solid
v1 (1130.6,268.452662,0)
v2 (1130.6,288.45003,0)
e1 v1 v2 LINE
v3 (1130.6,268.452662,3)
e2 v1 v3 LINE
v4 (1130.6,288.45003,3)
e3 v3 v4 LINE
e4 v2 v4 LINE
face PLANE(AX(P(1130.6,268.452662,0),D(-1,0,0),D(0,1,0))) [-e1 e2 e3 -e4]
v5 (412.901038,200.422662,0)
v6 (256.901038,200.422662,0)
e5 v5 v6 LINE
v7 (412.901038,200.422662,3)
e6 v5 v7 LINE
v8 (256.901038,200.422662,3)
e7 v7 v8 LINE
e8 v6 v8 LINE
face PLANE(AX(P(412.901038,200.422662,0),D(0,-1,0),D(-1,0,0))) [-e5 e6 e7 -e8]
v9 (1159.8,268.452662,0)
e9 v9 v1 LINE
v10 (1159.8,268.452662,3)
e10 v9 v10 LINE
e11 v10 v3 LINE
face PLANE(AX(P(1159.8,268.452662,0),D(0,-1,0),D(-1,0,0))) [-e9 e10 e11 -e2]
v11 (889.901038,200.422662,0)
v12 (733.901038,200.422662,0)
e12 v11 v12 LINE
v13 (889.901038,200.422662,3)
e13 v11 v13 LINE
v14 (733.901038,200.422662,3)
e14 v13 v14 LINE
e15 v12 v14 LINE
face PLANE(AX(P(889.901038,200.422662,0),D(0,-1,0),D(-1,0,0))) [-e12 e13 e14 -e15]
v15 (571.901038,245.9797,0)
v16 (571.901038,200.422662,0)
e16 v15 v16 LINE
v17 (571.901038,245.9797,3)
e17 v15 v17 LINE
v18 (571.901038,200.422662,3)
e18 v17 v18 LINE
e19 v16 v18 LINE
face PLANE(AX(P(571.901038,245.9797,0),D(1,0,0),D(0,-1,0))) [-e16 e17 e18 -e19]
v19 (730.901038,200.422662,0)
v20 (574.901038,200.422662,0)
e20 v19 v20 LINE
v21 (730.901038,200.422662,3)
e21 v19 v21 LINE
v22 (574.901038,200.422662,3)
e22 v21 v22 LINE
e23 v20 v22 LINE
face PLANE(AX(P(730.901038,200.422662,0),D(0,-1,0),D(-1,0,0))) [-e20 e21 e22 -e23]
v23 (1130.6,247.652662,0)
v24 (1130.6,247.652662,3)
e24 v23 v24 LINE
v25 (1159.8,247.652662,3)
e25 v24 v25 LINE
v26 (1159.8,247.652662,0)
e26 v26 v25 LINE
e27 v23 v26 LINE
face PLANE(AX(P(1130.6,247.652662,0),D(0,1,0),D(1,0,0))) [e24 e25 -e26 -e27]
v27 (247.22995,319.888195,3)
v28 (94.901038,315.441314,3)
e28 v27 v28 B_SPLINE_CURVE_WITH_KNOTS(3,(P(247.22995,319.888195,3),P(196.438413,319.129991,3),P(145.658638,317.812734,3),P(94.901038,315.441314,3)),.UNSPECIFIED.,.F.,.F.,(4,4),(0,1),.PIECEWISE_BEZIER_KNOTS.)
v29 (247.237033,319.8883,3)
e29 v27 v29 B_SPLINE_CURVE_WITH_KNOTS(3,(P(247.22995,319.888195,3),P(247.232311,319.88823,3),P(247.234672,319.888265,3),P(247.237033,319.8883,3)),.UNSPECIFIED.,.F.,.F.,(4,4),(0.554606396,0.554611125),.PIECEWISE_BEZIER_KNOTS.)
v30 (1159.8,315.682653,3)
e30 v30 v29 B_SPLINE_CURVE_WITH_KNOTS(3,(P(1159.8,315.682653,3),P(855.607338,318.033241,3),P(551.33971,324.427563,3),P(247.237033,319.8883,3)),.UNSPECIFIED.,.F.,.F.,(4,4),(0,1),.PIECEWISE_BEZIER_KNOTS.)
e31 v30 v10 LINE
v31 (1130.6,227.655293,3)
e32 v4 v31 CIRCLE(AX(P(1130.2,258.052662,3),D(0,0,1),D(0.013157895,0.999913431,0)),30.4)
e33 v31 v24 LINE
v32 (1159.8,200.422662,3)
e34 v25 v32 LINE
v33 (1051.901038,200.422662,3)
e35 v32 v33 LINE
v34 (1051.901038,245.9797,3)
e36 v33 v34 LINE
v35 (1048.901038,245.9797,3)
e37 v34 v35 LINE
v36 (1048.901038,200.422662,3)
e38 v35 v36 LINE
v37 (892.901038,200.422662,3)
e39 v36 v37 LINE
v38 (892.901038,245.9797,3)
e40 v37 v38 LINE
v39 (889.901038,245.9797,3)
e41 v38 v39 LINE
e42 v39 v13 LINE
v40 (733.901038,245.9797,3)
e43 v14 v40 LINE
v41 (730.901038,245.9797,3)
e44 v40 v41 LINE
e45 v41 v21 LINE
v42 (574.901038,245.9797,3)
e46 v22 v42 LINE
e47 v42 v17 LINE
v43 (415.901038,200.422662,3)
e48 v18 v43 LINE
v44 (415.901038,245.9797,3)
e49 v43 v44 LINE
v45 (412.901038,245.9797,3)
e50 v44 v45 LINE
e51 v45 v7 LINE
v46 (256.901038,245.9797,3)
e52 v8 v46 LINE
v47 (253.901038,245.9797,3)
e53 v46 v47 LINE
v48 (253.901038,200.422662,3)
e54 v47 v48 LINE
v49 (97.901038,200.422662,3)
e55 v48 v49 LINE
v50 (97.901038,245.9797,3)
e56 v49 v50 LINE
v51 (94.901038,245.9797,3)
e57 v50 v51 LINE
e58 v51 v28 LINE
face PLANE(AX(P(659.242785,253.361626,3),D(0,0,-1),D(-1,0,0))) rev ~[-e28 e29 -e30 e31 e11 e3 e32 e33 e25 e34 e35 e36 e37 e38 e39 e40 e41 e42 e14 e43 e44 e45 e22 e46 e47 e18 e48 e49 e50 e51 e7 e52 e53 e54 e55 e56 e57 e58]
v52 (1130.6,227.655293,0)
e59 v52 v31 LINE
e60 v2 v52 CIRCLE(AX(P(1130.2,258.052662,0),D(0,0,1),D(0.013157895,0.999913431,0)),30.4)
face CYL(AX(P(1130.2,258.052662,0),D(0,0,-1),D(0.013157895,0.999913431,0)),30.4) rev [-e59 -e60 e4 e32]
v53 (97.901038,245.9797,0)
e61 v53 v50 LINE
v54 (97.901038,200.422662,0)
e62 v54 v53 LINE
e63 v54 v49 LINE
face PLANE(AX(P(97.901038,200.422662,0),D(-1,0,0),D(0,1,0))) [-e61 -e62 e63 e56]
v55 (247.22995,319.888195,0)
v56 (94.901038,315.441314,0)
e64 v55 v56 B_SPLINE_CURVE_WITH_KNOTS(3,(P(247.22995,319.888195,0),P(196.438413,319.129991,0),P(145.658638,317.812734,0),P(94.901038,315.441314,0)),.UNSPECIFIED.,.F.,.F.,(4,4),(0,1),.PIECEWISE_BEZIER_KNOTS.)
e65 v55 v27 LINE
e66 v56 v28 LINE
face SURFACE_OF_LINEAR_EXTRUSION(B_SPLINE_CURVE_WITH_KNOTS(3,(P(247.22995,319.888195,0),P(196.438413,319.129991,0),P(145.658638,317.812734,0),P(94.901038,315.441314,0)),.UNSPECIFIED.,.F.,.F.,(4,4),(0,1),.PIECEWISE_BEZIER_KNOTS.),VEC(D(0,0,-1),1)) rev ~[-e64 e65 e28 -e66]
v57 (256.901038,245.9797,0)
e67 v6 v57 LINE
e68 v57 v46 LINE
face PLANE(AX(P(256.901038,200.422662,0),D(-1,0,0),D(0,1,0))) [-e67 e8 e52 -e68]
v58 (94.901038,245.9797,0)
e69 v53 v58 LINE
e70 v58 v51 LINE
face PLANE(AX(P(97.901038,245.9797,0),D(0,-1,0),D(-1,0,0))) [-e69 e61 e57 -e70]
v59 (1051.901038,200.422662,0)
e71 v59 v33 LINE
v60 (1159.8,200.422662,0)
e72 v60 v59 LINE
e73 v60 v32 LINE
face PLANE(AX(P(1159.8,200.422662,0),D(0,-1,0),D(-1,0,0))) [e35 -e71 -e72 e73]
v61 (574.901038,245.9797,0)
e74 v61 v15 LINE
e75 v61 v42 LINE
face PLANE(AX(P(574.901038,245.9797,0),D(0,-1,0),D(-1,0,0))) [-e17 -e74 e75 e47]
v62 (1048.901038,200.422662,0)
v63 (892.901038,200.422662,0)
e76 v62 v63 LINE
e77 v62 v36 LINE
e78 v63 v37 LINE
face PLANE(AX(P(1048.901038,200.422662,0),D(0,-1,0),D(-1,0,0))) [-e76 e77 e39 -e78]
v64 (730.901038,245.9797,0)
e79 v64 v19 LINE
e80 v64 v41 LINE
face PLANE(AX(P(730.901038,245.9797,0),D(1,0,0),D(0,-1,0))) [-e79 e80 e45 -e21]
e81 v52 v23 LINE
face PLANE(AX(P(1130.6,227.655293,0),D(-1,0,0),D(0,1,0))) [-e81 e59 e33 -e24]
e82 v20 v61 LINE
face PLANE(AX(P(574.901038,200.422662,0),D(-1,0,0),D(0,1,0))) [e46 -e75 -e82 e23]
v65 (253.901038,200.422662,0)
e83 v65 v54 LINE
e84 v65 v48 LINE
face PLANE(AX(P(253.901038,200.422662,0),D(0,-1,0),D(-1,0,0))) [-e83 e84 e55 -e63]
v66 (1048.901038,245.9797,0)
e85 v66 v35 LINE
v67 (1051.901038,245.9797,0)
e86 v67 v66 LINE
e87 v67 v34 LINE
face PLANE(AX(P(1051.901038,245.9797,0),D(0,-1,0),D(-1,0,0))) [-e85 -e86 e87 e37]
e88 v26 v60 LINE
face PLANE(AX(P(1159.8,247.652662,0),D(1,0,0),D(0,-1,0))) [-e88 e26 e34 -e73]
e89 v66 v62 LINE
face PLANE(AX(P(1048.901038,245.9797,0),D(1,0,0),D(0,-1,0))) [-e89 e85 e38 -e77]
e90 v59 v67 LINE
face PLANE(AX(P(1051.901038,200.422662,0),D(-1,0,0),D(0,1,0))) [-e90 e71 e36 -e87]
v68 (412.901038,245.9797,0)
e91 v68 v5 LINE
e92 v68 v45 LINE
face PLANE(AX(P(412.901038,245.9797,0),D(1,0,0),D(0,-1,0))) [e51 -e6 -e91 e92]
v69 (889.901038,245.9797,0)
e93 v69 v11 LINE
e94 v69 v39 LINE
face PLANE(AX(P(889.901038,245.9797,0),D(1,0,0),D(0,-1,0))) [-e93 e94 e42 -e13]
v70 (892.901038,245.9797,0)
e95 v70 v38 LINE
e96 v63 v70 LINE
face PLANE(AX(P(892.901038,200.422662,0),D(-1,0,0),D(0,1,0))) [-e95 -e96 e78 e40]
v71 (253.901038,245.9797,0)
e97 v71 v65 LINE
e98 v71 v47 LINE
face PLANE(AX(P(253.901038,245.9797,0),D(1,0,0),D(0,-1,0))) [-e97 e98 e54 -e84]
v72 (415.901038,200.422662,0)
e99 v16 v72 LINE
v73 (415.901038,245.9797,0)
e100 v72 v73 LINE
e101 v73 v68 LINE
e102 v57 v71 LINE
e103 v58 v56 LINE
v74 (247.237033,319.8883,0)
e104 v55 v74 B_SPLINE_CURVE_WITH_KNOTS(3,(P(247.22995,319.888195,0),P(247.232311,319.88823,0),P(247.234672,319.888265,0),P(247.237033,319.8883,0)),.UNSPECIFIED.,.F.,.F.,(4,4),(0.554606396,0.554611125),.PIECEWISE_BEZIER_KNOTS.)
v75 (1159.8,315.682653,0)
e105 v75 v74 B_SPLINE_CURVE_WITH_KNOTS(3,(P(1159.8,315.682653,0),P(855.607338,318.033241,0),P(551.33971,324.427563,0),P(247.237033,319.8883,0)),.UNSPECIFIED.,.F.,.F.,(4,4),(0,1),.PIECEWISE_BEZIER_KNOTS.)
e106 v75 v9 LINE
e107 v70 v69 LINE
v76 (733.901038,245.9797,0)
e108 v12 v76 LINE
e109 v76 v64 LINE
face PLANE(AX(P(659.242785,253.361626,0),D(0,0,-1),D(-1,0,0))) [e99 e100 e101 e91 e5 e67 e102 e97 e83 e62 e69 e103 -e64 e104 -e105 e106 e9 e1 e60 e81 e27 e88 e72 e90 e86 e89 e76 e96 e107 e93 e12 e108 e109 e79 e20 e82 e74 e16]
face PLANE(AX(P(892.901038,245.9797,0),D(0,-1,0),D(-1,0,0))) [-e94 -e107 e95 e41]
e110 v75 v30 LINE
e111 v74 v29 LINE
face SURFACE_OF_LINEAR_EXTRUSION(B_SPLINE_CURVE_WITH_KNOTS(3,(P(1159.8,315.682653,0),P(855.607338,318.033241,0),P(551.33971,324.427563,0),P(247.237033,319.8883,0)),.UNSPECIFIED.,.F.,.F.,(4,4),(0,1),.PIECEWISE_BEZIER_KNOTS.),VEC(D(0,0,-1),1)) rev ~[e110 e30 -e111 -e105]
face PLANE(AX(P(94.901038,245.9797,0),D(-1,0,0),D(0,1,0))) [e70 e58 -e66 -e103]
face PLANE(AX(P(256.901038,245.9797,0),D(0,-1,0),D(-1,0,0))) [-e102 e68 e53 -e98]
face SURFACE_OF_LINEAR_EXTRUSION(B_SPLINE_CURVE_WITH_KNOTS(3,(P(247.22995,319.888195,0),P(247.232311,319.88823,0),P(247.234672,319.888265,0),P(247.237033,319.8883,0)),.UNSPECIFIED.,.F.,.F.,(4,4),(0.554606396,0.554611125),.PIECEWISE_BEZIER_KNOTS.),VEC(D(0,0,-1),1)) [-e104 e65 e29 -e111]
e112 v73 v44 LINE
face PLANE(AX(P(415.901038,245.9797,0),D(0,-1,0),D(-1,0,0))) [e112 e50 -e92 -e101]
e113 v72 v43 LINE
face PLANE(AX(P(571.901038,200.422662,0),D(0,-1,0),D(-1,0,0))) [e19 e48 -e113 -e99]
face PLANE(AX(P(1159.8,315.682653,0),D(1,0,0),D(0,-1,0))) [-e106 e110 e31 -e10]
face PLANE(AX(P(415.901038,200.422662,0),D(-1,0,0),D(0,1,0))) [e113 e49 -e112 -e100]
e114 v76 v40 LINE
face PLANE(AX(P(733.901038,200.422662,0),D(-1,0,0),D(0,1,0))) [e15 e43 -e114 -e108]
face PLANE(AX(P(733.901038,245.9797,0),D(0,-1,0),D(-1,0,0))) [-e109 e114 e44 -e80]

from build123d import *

# Parameters (mm, degrees)
BOSS_EXTRUDE1_DEPTH = 3


with BuildPart() as part:
    # Model → Boss-Extrude1 (new body)
    with BuildSketch(Plane.XY):
        with BuildLine():
            Line((1159.8, 315.682652611), (1159.8, 268.452661621))
            Line((1159.8, 268.452661621), (1130.6, 268.452661621))
            Line((1130.6, 268.452661621), (1130.6, 288.450029928))
            ThreePointArc((1130.6, 288.450029928), (1099.799999997, 258.052661621), (1130.6, 227.655293314))
            Line((1130.6, 227.655293314), (1130.6, 247.652661621))
            Line((1130.6, 247.652661621), (1159.8, 247.652661621))
            Line((1159.8, 247.652661621), (1159.8, 200.422661621))
            Line((1159.8, 200.422661621), (1051.901037795, 200.422661621))
            Line((1051.901037795, 200.422661621), (1051.901037795, 245.979700014))
            Line((1051.901037795, 245.979700014), (1048.901037796, 245.979700014))
            Line((1048.901037796, 245.979700014), (1048.901037796, 200.422661621))
            Line((1048.901037796, 200.422661621), (892.901037795, 200.422661621))
            Line((892.901037795, 200.422661621), (892.901037795, 245.979700014))
            Line((892.901037795, 245.979700014), (889.901037795, 245.979700014))
            Line((889.901037795, 245.979700014), (889.901037795, 200.422661621))
            Line((889.901037795, 200.422661621), (733.901037795, 200.422661621))
            Line((733.901037795, 200.422661621), (733.901037795, 245.979700014))
            Line((733.901037795, 245.979700014), (730.901037795, 245.979700014))
            Line((730.901037795, 245.979700014), (730.901037795, 200.422661621))
            Line((730.901037795, 200.422661621), (574.901037795, 200.422661621))
            Line((574.901037795, 200.422661621), (574.901037795, 245.979700014))
            Line((574.901037795, 245.979700014), (571.901037795, 245.979700014))
            Line((571.901037795, 245.979700014), (571.901037795, 200.422661621))
            Line((571.901037795, 200.422661621), (415.901037795, 200.422661621))
            Line((415.901037795, 200.422661621), (415.901037795, 245.979700014))
            Line((415.901037795, 245.979700014), (412.901037795, 245.979700014))
            Line((412.901037795, 245.979700014), (412.901037795, 200.422661621))
            Line((412.901037795, 200.422661621), (256.901037795, 200.422661621))
            Line((256.901037795, 200.422661621), (256.901037795, 245.979700014))
            Line((256.901037795, 245.979700014), (253.901037796, 245.979700014))
            Line((253.901037796, 245.979700014), (253.901037796, 200.422661621))
            Line((253.901037796, 200.422661621), (97.901037796, 200.422661621))
            Line((97.901037796, 200.422661621), (97.901037796, 245.979700014))
            Line((97.901037796, 245.979700014), (94.901037796, 245.979700014))
            Line((94.901037796, 245.979700014), (94.901037796, 315.441313757))
            add(Edge.make_bspline(
                [(247.229949675, 319.88819474), (196.438413442, 319.129990608), (145.658637693, 317.812733824), (94.901037796, 315.441313757)],
                knots=[0, 0, 0, 0, 1, 1, 1, 1], degree=3))
            add(Edge.make_bspline(
                [(247.229949675, 319.88819474), (247.232310837, 319.888229986), (247.234672013, 319.888265232), (247.237033201, 319.888300477)],
                knots=[0.554606396, 0.554606396, 0.554606396, 0.554606396, 0.554611125, 0.554611125, 0.554611125, 0.554611125], degree=3))
            add(Edge.make_bspline(
                [(1159.8, 315.682652611), (855.607338384, 318.03324125), (551.339710355, 324.427563161), (247.237033201, 319.888300477)],
                knots=[0, 0, 0, 0, 1, 1, 1, 1], degree=3))
        make_face()
    extrude(amount=BOSS_EXTRUDE1_DEPTH)


solid = part.part
